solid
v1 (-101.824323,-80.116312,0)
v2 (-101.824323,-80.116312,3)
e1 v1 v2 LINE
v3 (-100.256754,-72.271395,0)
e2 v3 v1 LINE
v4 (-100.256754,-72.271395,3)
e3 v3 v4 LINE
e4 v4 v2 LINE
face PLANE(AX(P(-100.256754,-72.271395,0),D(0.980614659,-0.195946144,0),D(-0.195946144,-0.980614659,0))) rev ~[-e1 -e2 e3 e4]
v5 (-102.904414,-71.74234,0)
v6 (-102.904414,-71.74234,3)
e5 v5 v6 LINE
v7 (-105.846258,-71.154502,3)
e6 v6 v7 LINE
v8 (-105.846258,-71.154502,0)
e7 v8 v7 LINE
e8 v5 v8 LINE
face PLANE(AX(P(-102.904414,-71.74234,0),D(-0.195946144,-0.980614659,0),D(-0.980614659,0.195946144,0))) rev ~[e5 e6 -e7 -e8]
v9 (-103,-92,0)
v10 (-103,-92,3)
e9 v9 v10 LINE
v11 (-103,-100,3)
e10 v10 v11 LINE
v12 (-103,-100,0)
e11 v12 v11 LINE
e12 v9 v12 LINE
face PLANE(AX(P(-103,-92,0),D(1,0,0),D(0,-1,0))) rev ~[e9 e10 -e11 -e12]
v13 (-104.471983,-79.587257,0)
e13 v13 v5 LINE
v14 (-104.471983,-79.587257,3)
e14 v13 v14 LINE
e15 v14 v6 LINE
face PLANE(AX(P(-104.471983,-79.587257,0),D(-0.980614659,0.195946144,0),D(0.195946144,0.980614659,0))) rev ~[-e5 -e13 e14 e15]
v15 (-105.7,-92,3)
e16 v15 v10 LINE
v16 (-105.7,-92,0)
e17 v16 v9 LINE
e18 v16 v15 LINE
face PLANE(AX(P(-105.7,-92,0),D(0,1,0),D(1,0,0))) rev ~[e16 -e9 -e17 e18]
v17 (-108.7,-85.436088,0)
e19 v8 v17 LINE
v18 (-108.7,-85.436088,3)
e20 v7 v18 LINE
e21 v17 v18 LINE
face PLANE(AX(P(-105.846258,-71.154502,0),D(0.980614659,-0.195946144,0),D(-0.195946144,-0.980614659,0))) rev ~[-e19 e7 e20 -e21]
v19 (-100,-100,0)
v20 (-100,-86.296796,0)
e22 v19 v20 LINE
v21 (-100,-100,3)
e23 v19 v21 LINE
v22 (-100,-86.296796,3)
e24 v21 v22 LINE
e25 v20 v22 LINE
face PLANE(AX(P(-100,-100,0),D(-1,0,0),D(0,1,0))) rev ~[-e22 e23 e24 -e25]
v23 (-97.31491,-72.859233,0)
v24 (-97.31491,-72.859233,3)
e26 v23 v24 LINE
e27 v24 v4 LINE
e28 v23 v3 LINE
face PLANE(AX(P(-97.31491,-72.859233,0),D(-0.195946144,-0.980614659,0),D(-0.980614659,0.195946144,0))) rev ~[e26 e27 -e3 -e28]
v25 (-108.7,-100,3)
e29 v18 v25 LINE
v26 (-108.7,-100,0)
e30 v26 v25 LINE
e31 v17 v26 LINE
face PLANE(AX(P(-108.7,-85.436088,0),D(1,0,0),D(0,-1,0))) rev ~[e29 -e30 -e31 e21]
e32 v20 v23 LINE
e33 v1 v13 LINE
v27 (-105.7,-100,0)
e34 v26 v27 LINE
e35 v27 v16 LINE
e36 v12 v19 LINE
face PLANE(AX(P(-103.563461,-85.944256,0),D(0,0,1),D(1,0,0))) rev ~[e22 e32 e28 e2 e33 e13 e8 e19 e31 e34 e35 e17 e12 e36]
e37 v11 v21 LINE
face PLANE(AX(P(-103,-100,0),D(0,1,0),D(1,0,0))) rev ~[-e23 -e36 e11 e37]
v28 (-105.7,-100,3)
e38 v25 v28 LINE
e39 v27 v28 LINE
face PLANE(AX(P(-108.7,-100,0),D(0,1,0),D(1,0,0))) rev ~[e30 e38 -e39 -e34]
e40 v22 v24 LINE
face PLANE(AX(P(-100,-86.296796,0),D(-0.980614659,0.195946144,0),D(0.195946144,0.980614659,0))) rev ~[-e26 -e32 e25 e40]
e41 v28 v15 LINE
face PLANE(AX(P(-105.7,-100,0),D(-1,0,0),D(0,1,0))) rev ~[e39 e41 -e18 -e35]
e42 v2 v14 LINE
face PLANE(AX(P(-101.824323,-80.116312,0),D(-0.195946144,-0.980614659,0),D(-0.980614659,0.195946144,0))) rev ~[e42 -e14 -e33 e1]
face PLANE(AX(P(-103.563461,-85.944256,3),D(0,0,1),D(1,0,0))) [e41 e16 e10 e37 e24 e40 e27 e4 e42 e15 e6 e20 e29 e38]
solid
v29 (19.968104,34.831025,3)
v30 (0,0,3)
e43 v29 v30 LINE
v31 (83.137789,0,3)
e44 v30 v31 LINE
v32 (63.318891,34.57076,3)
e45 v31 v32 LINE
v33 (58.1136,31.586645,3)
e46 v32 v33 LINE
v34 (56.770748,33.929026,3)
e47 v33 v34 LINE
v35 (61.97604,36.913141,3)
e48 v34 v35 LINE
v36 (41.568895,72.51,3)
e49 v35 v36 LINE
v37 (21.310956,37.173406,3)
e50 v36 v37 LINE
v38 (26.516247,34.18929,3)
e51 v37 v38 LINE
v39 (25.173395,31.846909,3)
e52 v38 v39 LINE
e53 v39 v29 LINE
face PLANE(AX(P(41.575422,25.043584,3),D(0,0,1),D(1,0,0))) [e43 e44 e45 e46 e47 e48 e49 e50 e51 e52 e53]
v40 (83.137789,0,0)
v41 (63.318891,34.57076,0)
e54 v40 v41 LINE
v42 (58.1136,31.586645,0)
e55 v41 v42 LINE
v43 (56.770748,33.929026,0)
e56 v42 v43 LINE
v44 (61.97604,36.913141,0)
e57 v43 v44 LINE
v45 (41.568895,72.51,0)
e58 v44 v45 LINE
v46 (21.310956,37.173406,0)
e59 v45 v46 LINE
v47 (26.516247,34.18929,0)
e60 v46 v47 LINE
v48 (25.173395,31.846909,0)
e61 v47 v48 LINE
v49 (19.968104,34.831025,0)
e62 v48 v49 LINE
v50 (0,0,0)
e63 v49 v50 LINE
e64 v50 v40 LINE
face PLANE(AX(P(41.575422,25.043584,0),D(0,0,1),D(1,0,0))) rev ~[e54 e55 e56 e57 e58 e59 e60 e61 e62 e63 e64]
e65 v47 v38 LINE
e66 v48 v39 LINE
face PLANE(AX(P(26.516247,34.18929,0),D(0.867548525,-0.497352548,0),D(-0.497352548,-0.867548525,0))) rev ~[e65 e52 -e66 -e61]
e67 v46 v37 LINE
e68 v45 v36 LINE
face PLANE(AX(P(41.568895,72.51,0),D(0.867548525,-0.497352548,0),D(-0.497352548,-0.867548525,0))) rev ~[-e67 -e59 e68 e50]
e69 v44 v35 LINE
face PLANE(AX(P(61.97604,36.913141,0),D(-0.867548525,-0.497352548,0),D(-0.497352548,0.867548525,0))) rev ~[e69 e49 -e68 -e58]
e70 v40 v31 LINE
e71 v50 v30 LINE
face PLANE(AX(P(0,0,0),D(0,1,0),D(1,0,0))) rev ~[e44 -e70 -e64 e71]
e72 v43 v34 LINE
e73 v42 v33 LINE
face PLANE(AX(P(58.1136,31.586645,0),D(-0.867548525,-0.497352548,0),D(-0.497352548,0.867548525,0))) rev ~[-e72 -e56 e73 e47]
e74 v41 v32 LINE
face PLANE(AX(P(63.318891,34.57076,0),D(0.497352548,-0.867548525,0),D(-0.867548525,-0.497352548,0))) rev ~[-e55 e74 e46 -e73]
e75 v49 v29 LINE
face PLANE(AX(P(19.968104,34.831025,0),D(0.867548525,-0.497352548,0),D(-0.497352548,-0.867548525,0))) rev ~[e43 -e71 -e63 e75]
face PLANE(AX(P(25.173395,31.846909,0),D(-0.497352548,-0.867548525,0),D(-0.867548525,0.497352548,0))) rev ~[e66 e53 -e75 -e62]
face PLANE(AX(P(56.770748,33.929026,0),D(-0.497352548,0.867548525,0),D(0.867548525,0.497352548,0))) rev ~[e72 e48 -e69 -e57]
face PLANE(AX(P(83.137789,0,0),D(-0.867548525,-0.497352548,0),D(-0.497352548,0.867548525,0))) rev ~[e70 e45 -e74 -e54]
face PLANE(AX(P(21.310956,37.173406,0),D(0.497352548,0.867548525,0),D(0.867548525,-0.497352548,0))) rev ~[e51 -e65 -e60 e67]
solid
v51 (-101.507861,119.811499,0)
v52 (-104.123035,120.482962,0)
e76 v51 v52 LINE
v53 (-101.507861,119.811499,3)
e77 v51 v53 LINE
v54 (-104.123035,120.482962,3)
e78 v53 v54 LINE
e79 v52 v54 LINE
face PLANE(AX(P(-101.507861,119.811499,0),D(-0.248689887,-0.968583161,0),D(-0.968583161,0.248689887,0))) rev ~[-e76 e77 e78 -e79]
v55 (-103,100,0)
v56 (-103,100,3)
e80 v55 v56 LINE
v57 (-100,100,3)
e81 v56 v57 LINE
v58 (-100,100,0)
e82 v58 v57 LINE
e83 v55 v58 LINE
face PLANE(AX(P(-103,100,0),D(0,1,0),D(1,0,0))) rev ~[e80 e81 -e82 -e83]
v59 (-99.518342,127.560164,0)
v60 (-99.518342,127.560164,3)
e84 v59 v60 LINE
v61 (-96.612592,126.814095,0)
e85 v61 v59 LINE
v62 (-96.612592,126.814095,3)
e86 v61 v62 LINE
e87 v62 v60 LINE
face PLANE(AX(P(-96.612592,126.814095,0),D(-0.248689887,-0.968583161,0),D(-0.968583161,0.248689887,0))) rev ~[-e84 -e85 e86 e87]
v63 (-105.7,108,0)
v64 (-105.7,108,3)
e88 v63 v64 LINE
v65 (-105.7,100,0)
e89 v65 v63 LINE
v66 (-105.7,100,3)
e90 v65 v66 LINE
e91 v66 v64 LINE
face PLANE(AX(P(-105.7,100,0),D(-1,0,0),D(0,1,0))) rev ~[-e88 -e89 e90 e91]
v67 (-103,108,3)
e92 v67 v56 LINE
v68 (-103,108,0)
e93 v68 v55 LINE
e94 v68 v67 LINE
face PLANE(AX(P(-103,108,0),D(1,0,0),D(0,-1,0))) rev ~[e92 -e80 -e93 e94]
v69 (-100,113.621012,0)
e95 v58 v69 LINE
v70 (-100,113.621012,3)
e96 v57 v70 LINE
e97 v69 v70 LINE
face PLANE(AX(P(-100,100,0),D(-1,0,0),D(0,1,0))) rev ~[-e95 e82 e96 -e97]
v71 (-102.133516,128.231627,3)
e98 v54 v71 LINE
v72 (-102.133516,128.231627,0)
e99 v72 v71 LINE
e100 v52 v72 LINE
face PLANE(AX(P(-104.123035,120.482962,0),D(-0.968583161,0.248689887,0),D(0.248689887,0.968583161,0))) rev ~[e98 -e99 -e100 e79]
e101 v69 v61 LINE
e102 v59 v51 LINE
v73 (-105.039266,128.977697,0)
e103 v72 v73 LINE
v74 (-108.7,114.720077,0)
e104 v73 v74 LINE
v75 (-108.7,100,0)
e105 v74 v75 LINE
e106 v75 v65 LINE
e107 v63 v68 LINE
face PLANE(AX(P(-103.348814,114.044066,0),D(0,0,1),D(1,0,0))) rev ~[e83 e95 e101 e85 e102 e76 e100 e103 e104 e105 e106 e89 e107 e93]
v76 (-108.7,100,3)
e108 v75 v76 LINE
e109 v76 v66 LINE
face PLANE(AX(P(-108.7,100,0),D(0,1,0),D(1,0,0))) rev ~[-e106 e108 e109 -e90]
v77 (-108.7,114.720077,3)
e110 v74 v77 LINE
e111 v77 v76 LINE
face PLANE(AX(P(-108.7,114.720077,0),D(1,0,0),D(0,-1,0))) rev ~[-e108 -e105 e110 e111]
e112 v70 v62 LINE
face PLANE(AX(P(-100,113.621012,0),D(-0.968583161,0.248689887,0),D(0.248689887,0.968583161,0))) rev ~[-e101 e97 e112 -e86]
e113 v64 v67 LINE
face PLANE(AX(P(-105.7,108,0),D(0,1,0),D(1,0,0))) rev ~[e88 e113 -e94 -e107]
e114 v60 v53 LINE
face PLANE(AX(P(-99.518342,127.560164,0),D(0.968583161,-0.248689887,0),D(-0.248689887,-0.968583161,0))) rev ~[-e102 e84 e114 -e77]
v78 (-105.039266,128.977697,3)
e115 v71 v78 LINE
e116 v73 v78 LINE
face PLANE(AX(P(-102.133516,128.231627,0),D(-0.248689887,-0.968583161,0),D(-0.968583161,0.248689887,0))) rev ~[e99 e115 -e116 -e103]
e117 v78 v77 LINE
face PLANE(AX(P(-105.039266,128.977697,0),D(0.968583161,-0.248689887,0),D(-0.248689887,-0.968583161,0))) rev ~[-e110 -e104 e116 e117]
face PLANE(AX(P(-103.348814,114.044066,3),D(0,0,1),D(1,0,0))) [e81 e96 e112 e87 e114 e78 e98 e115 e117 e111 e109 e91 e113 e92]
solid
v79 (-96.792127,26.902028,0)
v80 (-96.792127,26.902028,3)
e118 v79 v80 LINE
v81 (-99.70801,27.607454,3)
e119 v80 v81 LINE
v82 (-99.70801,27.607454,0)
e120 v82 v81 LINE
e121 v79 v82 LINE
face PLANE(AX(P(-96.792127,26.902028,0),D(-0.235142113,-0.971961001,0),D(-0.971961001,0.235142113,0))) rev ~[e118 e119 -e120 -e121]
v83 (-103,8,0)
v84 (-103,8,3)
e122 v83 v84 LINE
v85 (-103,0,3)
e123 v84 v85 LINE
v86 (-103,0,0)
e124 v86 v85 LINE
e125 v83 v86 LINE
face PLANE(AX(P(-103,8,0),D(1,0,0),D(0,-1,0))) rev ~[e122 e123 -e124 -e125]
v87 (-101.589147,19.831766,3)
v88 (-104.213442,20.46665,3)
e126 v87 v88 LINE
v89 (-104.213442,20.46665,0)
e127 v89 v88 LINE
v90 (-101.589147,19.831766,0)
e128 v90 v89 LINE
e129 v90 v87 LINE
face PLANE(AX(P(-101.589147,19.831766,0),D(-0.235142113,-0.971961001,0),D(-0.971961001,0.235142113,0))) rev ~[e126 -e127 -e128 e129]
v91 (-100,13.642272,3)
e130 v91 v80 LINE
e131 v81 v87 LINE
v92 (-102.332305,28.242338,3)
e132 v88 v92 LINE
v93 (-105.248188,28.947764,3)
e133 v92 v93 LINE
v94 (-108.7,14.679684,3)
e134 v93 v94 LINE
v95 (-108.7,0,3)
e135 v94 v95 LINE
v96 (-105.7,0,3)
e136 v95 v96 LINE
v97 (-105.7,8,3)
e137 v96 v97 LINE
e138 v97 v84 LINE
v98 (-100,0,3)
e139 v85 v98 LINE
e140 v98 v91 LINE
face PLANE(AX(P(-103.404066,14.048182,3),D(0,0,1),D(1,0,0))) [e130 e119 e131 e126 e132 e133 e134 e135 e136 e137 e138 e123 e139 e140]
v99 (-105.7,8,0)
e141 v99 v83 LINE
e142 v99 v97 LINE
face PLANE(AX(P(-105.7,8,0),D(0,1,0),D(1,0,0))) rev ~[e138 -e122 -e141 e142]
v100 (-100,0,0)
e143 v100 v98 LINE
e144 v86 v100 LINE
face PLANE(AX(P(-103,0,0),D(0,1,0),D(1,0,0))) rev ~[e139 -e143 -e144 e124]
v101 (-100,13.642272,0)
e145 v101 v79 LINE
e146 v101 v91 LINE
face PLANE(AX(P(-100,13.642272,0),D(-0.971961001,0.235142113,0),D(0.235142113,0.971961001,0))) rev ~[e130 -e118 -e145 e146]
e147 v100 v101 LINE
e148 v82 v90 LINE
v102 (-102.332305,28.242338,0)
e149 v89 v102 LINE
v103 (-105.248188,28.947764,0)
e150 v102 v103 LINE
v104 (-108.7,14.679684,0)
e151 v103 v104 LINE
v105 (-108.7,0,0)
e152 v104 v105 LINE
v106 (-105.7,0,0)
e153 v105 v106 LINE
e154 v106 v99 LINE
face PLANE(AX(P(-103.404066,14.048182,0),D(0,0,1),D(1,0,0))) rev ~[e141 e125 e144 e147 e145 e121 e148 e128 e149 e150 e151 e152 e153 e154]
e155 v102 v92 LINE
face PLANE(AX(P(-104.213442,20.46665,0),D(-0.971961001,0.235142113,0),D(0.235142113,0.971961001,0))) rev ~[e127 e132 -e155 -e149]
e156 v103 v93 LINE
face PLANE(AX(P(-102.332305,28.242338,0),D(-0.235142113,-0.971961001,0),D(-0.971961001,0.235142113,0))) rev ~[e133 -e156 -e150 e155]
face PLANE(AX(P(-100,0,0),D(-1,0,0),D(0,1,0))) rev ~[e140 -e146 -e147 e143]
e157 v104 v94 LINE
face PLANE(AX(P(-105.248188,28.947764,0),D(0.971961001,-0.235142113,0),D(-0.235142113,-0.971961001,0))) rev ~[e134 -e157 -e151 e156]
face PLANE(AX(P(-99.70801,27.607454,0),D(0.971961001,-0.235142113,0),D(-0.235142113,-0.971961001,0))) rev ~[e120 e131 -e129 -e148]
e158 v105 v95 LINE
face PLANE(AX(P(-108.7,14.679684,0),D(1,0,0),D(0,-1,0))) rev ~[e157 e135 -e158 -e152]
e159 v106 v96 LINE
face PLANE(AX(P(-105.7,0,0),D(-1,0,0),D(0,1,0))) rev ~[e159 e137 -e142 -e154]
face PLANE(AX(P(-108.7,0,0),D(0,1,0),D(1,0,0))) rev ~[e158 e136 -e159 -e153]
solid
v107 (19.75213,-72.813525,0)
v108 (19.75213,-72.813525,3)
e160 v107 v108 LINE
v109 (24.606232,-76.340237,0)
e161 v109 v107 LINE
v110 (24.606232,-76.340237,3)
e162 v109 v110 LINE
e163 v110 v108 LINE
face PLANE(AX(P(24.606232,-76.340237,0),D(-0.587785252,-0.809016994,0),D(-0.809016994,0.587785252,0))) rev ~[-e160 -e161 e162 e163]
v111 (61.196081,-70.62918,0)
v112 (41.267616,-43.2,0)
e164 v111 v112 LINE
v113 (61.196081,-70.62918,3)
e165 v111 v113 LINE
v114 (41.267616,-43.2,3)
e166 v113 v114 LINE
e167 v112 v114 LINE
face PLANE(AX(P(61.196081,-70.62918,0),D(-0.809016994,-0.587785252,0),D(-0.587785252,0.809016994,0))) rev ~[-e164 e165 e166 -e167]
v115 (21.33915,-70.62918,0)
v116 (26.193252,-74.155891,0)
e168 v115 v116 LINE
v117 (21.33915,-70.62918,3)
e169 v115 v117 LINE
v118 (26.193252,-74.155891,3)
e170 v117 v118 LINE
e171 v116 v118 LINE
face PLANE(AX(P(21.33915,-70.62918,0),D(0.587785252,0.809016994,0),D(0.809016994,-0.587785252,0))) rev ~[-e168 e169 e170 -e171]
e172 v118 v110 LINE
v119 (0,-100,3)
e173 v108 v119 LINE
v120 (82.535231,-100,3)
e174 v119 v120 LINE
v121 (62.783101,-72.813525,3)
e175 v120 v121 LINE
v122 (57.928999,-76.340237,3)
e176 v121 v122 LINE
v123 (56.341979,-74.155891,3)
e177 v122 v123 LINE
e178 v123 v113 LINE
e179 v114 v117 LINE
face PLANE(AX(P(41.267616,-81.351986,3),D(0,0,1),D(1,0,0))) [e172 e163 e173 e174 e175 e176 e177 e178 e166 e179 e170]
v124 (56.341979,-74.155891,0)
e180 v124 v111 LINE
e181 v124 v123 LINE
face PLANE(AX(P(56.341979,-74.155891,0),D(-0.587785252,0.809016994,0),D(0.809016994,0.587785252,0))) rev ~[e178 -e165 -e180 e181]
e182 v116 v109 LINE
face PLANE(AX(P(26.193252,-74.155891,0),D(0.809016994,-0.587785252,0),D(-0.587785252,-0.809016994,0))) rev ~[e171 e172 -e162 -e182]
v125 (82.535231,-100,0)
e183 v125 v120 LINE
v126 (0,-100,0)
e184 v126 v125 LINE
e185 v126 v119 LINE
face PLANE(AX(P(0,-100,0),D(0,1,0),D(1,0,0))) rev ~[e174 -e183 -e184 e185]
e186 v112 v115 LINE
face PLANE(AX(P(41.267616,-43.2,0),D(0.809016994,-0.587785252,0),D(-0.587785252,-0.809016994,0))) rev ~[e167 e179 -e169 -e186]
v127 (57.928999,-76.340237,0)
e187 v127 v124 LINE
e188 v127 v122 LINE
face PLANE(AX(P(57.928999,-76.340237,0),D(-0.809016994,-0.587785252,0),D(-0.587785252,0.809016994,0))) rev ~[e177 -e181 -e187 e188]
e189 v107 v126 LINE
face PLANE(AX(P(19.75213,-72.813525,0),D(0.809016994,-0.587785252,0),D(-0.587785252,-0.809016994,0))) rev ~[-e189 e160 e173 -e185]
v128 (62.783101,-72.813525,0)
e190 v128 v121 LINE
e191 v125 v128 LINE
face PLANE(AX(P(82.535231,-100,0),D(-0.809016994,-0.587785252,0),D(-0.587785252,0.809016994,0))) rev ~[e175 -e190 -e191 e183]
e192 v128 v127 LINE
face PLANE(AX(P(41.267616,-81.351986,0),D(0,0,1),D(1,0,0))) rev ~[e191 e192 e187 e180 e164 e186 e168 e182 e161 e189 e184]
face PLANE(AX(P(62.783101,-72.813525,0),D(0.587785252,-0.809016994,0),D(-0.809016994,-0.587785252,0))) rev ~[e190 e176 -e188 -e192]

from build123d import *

# Parameters (mm, degrees)
F2_DEPTH  = 3
F4_DEPTH  = 3
F6_DEPTH  = 3
F8_DEPTH  = 3
F10_DEPTH = 3


with BuildPart() as f2:
    # F1 (on Top) → F2 (new body)
    with BuildSketch(Plane.XY):
        Polygon((19.968103654, 34.8310246878), (0, 0), (83.137789281, 0), (63.3188913913, 34.5707601304), (58.1136002415, 31.5866448435), (56.7707483624, 33.9290258609), (61.9760395122, 36.9131411478), (41.5688946405, 72.509999976), (21.3109555331, 37.1734057053), (26.5162466829, 34.1892904184), (25.1733948038, 31.846909401), align=None)
    extrude(amount=F2_DEPTH)


with BuildPart() as f4:
    # F3 (on Top) → F4 (new body)
    with BuildSketch(Plane.XY):
        Polygon((19.7521299169, -72.8135254916), (0, -100), (82.5352311814, -100), (62.7831012645, -72.8135254916), (57.9289992982, -76.3402370053), (56.3419791171, -74.1558911205), (61.1960810833, -70.6291796067), (41.2676155907, -43.2), (21.3391500981, -70.6291796068), (26.1932520644, -74.1558911205), (24.6062318832, -76.3402370053), align=None)
    extrude(amount=F4_DEPTH)


with BuildPart() as f6:
    # F5 (on Top) → F6 (new body)
    with BuildSketch(Plane.XY):
        Polygon((-103, 0), (-100, 0), (-100, 13.642271658), (-96.7921274148, 26.9020276688), (-99.7080104166, 27.6074540081), (-101.5891473214, 19.8317660035), (-104.2134420229, 20.4666497088), (-102.3323051181, 28.2423377135), (-105.2481881199, 28.9477640528), (-108.7, 14.6796838499), (-108.7, 0), (-105.7, 0), (-105.7, 8), (-103, 8), align=None)
    extrude(amount=F6_DEPTH)


with BuildPart() as f8:
    # F7 (on Top) → F8 (new body)
    with BuildSketch(Plane.XY):
        Polygon((-103, -100), (-100, -100), (-100, -86.2967959619), (-97.314910005, -72.8592332131), (-100.2567539806, -72.2713947803), (-101.8243231345, -80.1163120487), (-104.4719827126, -79.5872574593), (-102.9044135587, -71.7423401909), (-105.8462575343, -71.1545017582), (-108.7, -85.4360876724), (-108.7, -100), (-105.7, -100), (-105.7, -92), (-103, -92), align=None)
    extrude(amount=F8_DEPTH)


with BuildPart() as f10:
    # F9 (on Top) → F10 (new body)
    with BuildSketch(Plane.XY):
        Polygon((-103, 100), (-100, 100), (-100, 113.6210118647), (-96.6125920963, 126.8140945943), (-99.5183415797, 127.5601642558), (-101.507860677, 119.8114989668), (-104.1230352121, 120.4829616621), (-102.1335161147, 128.2316269511), (-105.0392655981, 128.9776966126), (-108.7, 114.7200774571), (-108.7, 100), (-105.7, 100), (-105.7, 108), (-103, 108), align=None)
    extrude(amount=F10_DEPTH)


solid = Compound([f2.part, f4.part, f6.part, f8.part, f10.part])
